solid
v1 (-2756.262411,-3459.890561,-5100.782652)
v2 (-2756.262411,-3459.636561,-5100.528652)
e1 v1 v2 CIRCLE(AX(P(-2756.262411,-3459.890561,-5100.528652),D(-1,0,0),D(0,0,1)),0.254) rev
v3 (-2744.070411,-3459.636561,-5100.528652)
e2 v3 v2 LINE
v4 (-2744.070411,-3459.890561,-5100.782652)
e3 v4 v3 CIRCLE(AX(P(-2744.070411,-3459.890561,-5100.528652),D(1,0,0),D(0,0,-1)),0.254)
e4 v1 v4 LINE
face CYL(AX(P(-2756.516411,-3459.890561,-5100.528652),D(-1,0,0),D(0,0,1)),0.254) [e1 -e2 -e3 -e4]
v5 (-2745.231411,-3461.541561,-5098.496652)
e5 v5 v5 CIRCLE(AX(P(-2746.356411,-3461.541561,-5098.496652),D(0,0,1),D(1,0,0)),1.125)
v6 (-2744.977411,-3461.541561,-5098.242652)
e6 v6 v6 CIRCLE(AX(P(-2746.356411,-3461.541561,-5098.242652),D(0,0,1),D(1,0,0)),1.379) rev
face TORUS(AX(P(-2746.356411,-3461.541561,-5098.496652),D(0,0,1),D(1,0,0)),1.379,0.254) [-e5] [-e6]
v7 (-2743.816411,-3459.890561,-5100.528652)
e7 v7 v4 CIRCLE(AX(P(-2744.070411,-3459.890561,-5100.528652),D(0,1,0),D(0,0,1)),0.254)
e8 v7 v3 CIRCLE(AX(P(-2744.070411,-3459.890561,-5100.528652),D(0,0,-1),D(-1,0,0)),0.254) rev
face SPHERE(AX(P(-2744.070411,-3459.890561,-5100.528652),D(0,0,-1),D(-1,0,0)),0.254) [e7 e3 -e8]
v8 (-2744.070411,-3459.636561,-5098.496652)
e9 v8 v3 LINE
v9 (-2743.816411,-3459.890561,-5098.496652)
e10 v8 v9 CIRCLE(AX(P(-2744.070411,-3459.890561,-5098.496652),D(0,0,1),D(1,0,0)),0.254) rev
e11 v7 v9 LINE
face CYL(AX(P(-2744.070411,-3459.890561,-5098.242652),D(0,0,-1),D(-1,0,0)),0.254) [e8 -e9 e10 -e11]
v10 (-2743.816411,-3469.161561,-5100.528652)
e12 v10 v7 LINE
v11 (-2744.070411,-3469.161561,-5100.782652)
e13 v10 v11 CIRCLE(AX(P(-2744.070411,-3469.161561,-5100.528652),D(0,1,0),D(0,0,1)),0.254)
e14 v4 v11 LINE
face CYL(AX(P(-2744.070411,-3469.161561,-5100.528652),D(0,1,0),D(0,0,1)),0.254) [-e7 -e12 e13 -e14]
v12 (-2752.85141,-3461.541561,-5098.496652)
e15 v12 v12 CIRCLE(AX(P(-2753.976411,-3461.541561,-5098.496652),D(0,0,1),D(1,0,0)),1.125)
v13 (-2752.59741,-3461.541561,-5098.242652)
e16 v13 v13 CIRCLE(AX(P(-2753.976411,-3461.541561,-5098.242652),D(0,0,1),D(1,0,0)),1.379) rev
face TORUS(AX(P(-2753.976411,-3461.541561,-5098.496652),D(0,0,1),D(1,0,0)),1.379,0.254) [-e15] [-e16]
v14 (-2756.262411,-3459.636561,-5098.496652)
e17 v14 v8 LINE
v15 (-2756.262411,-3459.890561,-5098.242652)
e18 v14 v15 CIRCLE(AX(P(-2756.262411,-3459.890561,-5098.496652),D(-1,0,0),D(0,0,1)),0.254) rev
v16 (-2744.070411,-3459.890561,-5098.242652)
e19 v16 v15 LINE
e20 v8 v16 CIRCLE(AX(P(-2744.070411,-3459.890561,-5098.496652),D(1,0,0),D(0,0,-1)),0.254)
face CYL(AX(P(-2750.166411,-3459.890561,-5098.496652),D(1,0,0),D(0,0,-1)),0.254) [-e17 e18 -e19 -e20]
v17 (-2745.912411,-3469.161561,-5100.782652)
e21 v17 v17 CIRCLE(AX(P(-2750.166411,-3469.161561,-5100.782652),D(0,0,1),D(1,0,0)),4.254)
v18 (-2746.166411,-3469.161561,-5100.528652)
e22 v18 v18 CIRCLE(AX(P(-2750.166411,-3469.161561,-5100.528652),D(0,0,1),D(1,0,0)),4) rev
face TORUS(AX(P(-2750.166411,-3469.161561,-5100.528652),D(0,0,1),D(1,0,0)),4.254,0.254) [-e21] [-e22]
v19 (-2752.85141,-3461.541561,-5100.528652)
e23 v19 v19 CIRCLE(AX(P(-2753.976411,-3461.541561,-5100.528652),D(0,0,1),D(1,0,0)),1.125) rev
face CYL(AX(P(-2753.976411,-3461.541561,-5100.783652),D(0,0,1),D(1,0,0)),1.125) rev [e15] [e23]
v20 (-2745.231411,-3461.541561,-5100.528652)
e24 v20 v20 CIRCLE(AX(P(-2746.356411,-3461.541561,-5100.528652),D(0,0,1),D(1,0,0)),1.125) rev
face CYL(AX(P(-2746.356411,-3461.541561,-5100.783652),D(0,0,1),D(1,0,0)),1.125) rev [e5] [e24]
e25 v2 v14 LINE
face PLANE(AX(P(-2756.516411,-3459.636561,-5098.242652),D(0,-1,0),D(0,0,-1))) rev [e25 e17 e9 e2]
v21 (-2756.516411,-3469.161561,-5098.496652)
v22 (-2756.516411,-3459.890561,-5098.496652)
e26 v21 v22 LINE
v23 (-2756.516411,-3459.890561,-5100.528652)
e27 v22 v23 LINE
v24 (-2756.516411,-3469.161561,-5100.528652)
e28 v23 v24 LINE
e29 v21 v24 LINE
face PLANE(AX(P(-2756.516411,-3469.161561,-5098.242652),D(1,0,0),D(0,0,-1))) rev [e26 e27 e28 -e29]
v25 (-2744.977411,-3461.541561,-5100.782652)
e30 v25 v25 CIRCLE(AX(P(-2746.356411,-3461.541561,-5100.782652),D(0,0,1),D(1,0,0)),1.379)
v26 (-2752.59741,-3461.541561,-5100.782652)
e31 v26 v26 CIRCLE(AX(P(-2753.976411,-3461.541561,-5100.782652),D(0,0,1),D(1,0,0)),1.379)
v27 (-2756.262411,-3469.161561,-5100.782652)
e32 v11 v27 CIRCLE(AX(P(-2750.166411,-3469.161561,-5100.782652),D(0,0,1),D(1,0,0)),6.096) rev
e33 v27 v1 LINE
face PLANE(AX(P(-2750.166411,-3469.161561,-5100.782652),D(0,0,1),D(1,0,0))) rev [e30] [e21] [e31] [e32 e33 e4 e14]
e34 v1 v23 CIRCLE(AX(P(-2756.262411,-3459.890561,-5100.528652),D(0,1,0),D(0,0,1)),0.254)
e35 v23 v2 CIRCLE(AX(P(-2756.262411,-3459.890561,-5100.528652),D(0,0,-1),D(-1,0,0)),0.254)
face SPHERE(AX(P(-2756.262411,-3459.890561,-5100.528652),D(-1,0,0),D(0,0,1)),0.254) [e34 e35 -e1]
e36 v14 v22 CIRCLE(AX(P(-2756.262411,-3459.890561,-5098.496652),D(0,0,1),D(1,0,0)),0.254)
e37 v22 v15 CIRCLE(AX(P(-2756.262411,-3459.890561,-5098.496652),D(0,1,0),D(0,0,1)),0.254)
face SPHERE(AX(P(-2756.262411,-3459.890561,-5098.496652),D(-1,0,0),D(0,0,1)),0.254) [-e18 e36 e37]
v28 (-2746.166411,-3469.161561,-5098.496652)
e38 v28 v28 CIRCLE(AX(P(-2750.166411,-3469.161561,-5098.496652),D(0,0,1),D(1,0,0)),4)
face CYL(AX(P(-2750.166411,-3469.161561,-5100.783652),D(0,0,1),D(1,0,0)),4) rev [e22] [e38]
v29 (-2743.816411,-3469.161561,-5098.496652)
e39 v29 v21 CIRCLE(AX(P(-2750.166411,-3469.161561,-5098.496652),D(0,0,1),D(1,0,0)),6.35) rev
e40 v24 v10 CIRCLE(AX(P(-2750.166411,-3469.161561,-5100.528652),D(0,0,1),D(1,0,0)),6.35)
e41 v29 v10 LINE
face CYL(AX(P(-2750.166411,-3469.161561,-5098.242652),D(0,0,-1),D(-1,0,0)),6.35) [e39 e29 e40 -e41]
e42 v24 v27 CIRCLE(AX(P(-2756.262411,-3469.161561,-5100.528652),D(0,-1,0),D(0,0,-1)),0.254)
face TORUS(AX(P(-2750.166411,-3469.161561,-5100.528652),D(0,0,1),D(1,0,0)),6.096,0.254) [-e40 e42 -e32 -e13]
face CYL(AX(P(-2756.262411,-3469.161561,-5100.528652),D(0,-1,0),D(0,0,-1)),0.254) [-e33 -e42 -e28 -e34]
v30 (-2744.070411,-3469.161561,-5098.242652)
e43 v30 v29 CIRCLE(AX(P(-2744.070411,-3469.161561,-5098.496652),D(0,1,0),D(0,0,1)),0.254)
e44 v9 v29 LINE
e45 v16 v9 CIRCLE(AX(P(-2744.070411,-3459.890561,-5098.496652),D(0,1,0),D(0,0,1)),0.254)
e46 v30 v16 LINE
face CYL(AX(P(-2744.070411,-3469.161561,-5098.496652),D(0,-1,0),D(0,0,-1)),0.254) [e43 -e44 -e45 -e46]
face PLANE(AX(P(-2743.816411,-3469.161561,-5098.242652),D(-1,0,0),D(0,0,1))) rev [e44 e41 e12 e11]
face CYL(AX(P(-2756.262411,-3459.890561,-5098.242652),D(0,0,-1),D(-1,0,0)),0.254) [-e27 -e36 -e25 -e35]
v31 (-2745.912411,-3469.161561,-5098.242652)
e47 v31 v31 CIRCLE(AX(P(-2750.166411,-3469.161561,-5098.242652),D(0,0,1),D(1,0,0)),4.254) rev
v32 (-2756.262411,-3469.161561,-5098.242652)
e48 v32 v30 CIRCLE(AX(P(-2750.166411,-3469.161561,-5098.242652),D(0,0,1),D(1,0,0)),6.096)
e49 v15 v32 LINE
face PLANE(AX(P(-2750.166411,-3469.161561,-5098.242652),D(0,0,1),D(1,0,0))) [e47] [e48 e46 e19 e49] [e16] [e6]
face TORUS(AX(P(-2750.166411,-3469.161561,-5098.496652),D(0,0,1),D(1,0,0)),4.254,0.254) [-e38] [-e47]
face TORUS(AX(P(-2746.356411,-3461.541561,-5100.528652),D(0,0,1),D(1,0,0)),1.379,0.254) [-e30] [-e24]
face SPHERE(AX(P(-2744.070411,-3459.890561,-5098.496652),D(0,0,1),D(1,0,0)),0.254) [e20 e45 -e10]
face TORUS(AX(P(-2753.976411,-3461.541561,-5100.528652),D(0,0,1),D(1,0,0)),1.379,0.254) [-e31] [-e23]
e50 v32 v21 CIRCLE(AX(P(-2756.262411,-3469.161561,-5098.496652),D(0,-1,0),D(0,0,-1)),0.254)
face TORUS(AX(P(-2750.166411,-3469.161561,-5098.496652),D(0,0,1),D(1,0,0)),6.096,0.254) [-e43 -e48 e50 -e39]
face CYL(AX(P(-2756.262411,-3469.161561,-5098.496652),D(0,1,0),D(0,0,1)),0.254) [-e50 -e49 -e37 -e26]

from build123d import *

# Parameters (mm, degrees)
BOSS_EXTRUDE1_DEPTH = 2.54
CUT_EXTRUDE1_REACH  = 4.54
SKETCH3_R           = 4
SKETCH3_R_2         = 1.125
SKETCH3_R_3         = 1.125000036
FILLET1_R           = 0.254


with BuildPart() as part:
    # Sketch2 → Boss-Extrude1 (new body)
    with BuildSketch(Plane(origin=(-2745.911191591, -3464.705285173, -5100.782651944), x_dir=(1, 0, 0), z_dir=(0, 0, 1))):
        with BuildLine():
            Line((-10.605218936, -4.456275494), (-10.605218936, 5.068724506))
            Line((-10.605218936, 5.068724506), (2.094781064, 5.068724506))
            Line((2.094781064, 5.068724506), (2.094781064, -4.456275494))
            ThreePointArc((2.094781064, -4.456275494), (-4.255218936, -10.806275494), (-10.605218936, -4.456275494))
        make_face()
    extrude(amount=BOSS_EXTRUDE1_DEPTH)

    # Sketch3 → Cut-Extrude1 (cut, up to next)
    with BuildSketch(Plane.XY.offset(-5098.242651944), mode=Mode.PRIVATE) as cut_extrude1_sk1:
        with Locations((-2750.166410527, -3469.161560667)):
            Circle(SKETCH3_R)
    cut_extrude1_tool1 = extrude(cut_extrude1_sk1.sketch, amount=-CUT_EXTRUDE1_REACH, mode=Mode.PRIVATE) & part.part
    add(cut_extrude1_tool1.solids().sort_by_distance((-2750.166411, -3469.161561, -5098.242652))[0], mode=Mode.SUBTRACT)
    # Sketch3 → Cut-Extrude1 (cut, up to next)
    with BuildSketch(Plane.XY.offset(-5098.242651944), mode=Mode.PRIVATE) as cut_extrude1_sk2:
        with Locations((-2746.356410527, -3461.541560667)):
            Circle(SKETCH3_R_2)
    cut_extrude1_tool2 = extrude(cut_extrude1_sk2.sketch, amount=-CUT_EXTRUDE1_REACH, mode=Mode.PRIVATE) & part.part
    add(cut_extrude1_tool2.solids().sort_by_distance((-2746.356411, -3461.541561, -5098.242652))[0], mode=Mode.SUBTRACT)
    # Sketch3 → Cut-Extrude1 (cut, up to next)
    with BuildSketch(Plane.XY.offset(-5098.242651944), mode=Mode.PRIVATE) as cut_extrude1_sk3:
        with Locations((-2753.976410527, -3461.541560667)):
            Circle(SKETCH3_R_3)
    cut_extrude1_tool3 = extrude(cut_extrude1_sk3.sketch, amount=-CUT_EXTRUDE1_REACH, mode=Mode.PRIVATE) & part.part
    add(cut_extrude1_tool3.solids().sort_by_distance((-2753.976411, -3461.541561, -5098.242652))[0], mode=Mode.SUBTRACT)

    # Fillet1
    fillet1_edges = [part.edges().sort_by_distance(p)[0] for p in [
        (-2756.516410527, -3464.399060667, -5098.242651944),
        (-2750.166410527, -3475.511560667, -5098.242651944),
        (-2754.166410527, -3469.161560667, -5098.242651944),
        (-2754.166410527, -3469.161560667, -5100.782651944),
        (-2747.481410527, -3461.541560667, -5098.242651944),
        (-2747.481410527, -3461.541560667, -5100.782651944),
        (-2755.101410563, -3461.541560667, -5098.242651944),
        (-2755.101410563, -3461.541560667, -5100.782651944),
        (-2743.816410527, -3464.399060667, -5098.242651944),
        (-2750.166410527, -3475.511560667, -5100.782651944),
        (-2756.516410527, -3464.399060667, -5100.782651944),
        (-2750.166410527, -3459.636560667, -5100.782651944),
        (-2743.816410527, -3464.399060667, -5100.782651944),
        (-2756.516410527, -3459.636560667, -5099.512651944),
        (-2743.816410527, -3459.636560667, -5099.512651944),
        (-2750.166410527, -3459.636560667, -5098.242651944),
    ]]
    fillet(fillet1_edges, radius=FILLET1_R)


solid = part.part
